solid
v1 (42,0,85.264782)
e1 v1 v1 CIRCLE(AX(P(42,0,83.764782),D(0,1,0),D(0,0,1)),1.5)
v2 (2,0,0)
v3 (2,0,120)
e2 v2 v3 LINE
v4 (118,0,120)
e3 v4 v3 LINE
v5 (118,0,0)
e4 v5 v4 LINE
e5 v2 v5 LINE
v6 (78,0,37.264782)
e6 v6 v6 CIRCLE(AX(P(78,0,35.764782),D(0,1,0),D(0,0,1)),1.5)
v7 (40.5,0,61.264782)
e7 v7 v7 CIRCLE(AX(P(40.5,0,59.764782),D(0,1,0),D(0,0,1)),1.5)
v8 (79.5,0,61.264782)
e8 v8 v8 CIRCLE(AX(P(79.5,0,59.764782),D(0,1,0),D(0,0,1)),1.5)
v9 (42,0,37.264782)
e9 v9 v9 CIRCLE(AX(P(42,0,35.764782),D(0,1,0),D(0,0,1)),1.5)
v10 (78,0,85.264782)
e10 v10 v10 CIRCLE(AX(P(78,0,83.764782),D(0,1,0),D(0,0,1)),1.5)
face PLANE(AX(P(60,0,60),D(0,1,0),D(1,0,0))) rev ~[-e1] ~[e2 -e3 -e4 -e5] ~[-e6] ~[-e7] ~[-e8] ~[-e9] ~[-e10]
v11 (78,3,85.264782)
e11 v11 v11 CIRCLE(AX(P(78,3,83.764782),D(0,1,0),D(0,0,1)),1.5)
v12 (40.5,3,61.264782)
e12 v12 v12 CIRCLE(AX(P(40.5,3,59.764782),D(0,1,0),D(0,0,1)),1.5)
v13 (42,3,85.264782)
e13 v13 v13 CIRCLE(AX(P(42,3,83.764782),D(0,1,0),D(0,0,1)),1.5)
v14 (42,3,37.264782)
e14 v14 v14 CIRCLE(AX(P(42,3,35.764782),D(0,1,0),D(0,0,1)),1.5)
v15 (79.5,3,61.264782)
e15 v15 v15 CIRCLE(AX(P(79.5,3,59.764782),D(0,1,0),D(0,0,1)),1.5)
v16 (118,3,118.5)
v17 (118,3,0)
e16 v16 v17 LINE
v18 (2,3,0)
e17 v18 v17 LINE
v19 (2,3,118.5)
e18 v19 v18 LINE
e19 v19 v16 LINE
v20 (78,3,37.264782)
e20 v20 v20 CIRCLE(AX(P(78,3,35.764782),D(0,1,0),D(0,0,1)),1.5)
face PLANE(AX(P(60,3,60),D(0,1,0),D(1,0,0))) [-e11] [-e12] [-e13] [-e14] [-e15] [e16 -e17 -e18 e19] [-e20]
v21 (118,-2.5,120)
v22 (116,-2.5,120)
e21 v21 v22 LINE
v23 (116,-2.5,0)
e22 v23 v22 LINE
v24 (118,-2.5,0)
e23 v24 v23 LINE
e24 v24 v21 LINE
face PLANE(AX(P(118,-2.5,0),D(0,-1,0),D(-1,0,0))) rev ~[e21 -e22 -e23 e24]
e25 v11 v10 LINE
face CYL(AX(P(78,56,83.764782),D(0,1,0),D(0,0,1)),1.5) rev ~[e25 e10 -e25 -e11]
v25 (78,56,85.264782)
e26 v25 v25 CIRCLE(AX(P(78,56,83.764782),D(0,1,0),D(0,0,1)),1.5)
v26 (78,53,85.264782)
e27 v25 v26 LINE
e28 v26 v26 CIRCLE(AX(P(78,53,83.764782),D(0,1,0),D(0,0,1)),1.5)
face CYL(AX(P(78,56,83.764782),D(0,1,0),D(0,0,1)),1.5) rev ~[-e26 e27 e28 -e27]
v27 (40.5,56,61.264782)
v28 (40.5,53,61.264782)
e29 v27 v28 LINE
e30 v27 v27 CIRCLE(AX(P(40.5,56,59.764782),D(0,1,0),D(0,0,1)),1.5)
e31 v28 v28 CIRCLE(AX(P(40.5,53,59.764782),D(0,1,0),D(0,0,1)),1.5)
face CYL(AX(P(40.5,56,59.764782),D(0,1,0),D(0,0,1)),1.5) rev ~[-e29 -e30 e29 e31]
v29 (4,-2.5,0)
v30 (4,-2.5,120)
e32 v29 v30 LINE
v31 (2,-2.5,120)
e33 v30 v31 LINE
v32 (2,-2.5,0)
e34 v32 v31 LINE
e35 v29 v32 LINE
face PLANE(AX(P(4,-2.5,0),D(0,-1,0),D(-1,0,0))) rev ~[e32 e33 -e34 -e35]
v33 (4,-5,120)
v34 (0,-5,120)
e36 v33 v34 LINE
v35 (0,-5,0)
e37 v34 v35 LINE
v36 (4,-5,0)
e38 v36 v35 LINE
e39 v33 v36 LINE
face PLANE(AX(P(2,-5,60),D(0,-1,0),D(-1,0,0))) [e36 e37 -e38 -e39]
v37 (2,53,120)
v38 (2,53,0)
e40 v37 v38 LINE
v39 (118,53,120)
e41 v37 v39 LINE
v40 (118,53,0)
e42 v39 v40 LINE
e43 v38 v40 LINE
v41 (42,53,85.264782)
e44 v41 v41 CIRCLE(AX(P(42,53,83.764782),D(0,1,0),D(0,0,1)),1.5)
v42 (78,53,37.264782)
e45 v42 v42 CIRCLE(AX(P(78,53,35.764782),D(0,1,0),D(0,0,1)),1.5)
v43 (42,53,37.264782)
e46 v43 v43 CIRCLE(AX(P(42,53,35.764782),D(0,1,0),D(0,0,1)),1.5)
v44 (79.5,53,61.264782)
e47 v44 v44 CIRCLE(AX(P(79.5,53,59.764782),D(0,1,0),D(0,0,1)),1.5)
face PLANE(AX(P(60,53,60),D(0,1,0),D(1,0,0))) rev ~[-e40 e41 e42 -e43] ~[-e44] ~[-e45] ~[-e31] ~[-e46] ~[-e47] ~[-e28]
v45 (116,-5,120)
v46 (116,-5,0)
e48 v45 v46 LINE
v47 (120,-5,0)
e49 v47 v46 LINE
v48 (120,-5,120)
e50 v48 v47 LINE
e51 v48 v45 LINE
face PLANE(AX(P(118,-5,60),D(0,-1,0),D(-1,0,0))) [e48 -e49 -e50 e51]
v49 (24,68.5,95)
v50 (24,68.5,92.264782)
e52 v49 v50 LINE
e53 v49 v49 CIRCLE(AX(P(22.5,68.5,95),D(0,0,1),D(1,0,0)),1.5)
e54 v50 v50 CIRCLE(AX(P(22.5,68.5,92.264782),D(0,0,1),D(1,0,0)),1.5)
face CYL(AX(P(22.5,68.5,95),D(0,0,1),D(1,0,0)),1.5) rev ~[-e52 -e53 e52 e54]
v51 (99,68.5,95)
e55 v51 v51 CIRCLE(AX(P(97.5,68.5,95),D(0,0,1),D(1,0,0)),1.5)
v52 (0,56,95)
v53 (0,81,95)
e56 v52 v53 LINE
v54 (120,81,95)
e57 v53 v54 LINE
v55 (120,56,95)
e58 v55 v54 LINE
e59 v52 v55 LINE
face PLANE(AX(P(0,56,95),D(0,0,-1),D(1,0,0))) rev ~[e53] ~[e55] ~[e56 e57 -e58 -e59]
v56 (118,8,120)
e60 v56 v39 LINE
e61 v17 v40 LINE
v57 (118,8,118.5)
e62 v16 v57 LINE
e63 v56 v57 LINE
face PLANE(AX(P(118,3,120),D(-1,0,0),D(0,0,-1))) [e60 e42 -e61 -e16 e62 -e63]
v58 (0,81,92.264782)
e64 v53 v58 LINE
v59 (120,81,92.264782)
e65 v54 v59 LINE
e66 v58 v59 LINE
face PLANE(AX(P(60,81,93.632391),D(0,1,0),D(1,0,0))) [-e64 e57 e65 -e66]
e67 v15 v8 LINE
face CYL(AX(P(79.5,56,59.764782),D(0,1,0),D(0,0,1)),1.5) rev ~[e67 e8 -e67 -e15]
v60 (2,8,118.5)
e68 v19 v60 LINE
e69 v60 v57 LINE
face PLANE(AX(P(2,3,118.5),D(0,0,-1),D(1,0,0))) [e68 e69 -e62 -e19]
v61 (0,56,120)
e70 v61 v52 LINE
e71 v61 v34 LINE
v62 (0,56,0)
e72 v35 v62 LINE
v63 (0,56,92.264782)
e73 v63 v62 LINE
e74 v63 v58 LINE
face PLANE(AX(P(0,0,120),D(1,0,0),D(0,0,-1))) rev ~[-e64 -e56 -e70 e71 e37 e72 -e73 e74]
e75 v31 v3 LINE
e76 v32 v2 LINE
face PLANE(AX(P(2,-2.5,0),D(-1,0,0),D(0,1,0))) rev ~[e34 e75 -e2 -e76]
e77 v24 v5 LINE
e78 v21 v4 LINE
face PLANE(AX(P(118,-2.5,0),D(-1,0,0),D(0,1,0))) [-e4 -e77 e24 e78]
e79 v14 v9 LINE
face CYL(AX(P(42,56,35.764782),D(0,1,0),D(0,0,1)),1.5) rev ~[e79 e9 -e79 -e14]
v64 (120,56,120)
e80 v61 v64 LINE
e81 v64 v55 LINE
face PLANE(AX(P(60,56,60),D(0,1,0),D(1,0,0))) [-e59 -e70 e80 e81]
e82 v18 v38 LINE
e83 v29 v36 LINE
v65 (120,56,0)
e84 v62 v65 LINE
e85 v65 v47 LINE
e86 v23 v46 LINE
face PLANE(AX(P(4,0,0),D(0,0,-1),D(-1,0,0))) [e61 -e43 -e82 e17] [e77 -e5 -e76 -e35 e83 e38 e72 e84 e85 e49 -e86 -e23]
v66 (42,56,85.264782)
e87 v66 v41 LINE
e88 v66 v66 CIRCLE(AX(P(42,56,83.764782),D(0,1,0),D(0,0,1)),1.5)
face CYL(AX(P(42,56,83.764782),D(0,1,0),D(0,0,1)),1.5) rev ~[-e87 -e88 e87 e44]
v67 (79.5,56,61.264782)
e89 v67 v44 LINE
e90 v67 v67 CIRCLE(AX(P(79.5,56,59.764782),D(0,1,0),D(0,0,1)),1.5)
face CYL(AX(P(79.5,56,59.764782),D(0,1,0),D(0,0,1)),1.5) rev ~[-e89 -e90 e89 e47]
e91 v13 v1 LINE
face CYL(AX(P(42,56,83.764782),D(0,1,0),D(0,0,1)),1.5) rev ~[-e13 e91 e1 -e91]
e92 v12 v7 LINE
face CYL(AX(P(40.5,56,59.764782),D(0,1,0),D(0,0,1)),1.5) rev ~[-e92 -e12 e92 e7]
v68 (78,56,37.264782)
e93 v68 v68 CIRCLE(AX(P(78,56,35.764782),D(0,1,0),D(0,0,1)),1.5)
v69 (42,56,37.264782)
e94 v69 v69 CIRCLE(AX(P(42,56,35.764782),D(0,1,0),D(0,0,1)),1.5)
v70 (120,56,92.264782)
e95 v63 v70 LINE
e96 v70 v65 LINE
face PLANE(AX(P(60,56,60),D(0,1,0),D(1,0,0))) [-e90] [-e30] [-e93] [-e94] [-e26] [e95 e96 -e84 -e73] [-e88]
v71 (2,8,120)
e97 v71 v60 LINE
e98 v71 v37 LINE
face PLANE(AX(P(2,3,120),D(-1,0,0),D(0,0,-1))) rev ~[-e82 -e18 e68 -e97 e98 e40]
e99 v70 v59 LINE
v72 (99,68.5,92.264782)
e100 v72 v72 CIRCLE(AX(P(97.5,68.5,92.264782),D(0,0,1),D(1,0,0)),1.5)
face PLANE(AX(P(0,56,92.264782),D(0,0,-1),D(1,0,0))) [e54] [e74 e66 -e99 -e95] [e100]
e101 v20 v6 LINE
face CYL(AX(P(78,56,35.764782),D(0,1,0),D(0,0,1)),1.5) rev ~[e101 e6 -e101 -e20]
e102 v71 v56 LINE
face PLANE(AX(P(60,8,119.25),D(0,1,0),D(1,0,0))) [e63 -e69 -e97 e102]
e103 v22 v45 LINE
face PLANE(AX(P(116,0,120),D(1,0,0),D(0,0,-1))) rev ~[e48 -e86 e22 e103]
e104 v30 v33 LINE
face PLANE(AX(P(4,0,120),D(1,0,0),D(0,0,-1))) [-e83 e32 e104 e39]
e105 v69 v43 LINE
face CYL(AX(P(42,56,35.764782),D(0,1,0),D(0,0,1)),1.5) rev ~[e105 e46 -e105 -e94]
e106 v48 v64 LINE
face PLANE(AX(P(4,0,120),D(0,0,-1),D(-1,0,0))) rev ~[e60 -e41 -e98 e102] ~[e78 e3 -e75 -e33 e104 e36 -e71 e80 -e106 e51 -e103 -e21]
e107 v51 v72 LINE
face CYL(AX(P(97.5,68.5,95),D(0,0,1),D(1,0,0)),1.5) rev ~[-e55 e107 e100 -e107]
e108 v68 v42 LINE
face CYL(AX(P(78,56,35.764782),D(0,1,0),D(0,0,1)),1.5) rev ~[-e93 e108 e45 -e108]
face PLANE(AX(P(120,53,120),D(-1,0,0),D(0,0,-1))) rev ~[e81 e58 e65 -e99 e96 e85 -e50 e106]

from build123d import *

# Parameters (mm, degrees)
SKETCH_2_W          = 120
SKETCH_2_H          = 120
EXTRUDE_1_DEPTH     = 3
SKETCH_5_W          = 2
SKETCH_5_H          = 120
EXTRUDE_3_DEPTH     = 50
SKETCH_6_W          = 120
SKETCH_6_H          = 120
EXTRUDE_4_DEPTH     = 3
SKETCH_7_W          = 116
SKETCH_7_H          = 1.5
EXTRUDE_5_DEPTH     = 5
SKETCH_9_W          = 120
SKETCH_9_H          = 2.735218368
EXTRUDE_6_DEPTH     = 25
SKETCH_11_R         = 1.5
CUT_EXTRUDE_1_DEPTH = 58
SKETCH_10_R         = 1.5
CUT_EXTRUDE_2_DEPTH = 3
SKETCH_13_W         = 4
SKETCH_13_H         = 120
EXTRUDE_10_DEPTH    = 5
SKETCH_14_W         = 2
SKETCH_14_H         = 2.5
CUT_EXTRUDE_3_DEPTH = 120


with BuildPart() as part:
    # 草图2 → 凸台-拉伸1 (new body)
    with BuildSketch(Plane(origin=(0, 0, 0), x_dir=(1, 0, 0), z_dir=(0, 1, 0))):
        with Locations((60, -60)):
            Rectangle(SKETCH_2_W, SKETCH_2_H)
    extrude(amount=EXTRUDE_1_DEPTH)

    # 草图5 → 凸台-拉伸3 (add)
    with BuildSketch(Plane(origin=(0, 3, 0), x_dir=(1, 0, 0), z_dir=(0, 1, 0))):
        with Locations((1, -60)):
            Rectangle(SKETCH_5_W, SKETCH_5_H)
        with Locations((119, -60)):
            Rectangle(SKETCH_5_W, SKETCH_5_H)
    extrude(amount=EXTRUDE_3_DEPTH)

    # 草图6 → 凸台-拉伸4 (add)
    with BuildSketch(Plane(origin=(0, 53, 0), x_dir=(1, 0, 0), z_dir=(0, 1, 0))):
        with Locations((60, -60)):
            Rectangle(SKETCH_6_W, SKETCH_6_H)
    extrude(amount=EXTRUDE_4_DEPTH)

    # 草图7 → 凸台-拉伸5 (add)
    with BuildSketch(Plane(origin=(0, 3, 0), x_dir=(1, 0, 0), z_dir=(0, 1, 0))):
        with Locations((60, -119.25)):
            Rectangle(SKETCH_7_W, SKETCH_7_H)
    extrude(amount=EXTRUDE_5_DEPTH)

    # 草图9 → 凸台-拉伸6 (add)
    with BuildSketch(Plane(origin=(0, 56, 0), x_dir=(1, 0, 0), z_dir=(0, 1, 0))):
        with Locations((60, -93.632390816)):
            Rectangle(SKETCH_9_W, SKETCH_9_H)
    extrude(amount=EXTRUDE_6_DEPTH)

    # 草图11 → 切除-拉伸1 (cut)
    with BuildSketch(Plane(origin=(0, 56, 0), x_dir=(1, 0, 0), z_dir=(0, 1, 0))):
        with Locations(Location((42, -35.764781632, 0), (0, 0, 270))):
            Circle(SKETCH_11_R)
        with Locations(Location((40.5, -59.764781632, 0), (0, 0, 270))):
            Circle(SKETCH_11_R)
        with Locations(Location((42, -83.764781632, 0), (0, 0, 270))):
            Circle(SKETCH_11_R)
        with Locations(Location((79.5, -59.764781632, 0), (0, 0, 270))):
            Circle(SKETCH_11_R)
        with Locations(Location((78, -83.764781632, 0), (0, 0, 270))):
            Circle(SKETCH_11_R)
        with Locations(Location((78, -35.764781632, 0), (0, 0, 270))):
            Circle(SKETCH_11_R)
    extrude(amount=-CUT_EXTRUDE_1_DEPTH, mode=Mode.SUBTRACT)

    # 草图10 → 切除-拉伸2 (cut)
    with BuildSketch(Plane.XY.offset(95)):
        with Locations((22.5, 68.5)):
            Circle(SKETCH_10_R)
        with Locations((97.5, 68.5)):
            Circle(SKETCH_10_R)
    extrude(amount=-CUT_EXTRUDE_2_DEPTH, mode=Mode.SUBTRACT)

    # 草图13 → 凸台-拉伸10 (add)
    with BuildSketch(Plane(origin=(0, 0, 0), x_dir=(-1, 0, 0), z_dir=(0, -1, 0))):
        with Locations((-2, -60)):
            Rectangle(SKETCH_13_W, SKETCH_13_H)
        with Locations((-118, -60)):
            Rectangle(SKETCH_13_W, SKETCH_13_H)
    extrude(amount=EXTRUDE_10_DEPTH)

    # 草图14 → 切除-拉伸3 (cut)
    with BuildSketch(Plane(origin=(0, 0, 0), x_dir=(-1, 0, 0), z_dir=(0, 0, -1))):
        with Locations((-117, -1.25)):
            Rectangle(SKETCH_14_W, SKETCH_14_H)
        with Locations((-3, -1.25)):
            Rectangle(SKETCH_14_W, SKETCH_14_H)
    extrude(amount=-CUT_EXTRUDE_3_DEPTH, mode=Mode.SUBTRACT)


solid = part.part
